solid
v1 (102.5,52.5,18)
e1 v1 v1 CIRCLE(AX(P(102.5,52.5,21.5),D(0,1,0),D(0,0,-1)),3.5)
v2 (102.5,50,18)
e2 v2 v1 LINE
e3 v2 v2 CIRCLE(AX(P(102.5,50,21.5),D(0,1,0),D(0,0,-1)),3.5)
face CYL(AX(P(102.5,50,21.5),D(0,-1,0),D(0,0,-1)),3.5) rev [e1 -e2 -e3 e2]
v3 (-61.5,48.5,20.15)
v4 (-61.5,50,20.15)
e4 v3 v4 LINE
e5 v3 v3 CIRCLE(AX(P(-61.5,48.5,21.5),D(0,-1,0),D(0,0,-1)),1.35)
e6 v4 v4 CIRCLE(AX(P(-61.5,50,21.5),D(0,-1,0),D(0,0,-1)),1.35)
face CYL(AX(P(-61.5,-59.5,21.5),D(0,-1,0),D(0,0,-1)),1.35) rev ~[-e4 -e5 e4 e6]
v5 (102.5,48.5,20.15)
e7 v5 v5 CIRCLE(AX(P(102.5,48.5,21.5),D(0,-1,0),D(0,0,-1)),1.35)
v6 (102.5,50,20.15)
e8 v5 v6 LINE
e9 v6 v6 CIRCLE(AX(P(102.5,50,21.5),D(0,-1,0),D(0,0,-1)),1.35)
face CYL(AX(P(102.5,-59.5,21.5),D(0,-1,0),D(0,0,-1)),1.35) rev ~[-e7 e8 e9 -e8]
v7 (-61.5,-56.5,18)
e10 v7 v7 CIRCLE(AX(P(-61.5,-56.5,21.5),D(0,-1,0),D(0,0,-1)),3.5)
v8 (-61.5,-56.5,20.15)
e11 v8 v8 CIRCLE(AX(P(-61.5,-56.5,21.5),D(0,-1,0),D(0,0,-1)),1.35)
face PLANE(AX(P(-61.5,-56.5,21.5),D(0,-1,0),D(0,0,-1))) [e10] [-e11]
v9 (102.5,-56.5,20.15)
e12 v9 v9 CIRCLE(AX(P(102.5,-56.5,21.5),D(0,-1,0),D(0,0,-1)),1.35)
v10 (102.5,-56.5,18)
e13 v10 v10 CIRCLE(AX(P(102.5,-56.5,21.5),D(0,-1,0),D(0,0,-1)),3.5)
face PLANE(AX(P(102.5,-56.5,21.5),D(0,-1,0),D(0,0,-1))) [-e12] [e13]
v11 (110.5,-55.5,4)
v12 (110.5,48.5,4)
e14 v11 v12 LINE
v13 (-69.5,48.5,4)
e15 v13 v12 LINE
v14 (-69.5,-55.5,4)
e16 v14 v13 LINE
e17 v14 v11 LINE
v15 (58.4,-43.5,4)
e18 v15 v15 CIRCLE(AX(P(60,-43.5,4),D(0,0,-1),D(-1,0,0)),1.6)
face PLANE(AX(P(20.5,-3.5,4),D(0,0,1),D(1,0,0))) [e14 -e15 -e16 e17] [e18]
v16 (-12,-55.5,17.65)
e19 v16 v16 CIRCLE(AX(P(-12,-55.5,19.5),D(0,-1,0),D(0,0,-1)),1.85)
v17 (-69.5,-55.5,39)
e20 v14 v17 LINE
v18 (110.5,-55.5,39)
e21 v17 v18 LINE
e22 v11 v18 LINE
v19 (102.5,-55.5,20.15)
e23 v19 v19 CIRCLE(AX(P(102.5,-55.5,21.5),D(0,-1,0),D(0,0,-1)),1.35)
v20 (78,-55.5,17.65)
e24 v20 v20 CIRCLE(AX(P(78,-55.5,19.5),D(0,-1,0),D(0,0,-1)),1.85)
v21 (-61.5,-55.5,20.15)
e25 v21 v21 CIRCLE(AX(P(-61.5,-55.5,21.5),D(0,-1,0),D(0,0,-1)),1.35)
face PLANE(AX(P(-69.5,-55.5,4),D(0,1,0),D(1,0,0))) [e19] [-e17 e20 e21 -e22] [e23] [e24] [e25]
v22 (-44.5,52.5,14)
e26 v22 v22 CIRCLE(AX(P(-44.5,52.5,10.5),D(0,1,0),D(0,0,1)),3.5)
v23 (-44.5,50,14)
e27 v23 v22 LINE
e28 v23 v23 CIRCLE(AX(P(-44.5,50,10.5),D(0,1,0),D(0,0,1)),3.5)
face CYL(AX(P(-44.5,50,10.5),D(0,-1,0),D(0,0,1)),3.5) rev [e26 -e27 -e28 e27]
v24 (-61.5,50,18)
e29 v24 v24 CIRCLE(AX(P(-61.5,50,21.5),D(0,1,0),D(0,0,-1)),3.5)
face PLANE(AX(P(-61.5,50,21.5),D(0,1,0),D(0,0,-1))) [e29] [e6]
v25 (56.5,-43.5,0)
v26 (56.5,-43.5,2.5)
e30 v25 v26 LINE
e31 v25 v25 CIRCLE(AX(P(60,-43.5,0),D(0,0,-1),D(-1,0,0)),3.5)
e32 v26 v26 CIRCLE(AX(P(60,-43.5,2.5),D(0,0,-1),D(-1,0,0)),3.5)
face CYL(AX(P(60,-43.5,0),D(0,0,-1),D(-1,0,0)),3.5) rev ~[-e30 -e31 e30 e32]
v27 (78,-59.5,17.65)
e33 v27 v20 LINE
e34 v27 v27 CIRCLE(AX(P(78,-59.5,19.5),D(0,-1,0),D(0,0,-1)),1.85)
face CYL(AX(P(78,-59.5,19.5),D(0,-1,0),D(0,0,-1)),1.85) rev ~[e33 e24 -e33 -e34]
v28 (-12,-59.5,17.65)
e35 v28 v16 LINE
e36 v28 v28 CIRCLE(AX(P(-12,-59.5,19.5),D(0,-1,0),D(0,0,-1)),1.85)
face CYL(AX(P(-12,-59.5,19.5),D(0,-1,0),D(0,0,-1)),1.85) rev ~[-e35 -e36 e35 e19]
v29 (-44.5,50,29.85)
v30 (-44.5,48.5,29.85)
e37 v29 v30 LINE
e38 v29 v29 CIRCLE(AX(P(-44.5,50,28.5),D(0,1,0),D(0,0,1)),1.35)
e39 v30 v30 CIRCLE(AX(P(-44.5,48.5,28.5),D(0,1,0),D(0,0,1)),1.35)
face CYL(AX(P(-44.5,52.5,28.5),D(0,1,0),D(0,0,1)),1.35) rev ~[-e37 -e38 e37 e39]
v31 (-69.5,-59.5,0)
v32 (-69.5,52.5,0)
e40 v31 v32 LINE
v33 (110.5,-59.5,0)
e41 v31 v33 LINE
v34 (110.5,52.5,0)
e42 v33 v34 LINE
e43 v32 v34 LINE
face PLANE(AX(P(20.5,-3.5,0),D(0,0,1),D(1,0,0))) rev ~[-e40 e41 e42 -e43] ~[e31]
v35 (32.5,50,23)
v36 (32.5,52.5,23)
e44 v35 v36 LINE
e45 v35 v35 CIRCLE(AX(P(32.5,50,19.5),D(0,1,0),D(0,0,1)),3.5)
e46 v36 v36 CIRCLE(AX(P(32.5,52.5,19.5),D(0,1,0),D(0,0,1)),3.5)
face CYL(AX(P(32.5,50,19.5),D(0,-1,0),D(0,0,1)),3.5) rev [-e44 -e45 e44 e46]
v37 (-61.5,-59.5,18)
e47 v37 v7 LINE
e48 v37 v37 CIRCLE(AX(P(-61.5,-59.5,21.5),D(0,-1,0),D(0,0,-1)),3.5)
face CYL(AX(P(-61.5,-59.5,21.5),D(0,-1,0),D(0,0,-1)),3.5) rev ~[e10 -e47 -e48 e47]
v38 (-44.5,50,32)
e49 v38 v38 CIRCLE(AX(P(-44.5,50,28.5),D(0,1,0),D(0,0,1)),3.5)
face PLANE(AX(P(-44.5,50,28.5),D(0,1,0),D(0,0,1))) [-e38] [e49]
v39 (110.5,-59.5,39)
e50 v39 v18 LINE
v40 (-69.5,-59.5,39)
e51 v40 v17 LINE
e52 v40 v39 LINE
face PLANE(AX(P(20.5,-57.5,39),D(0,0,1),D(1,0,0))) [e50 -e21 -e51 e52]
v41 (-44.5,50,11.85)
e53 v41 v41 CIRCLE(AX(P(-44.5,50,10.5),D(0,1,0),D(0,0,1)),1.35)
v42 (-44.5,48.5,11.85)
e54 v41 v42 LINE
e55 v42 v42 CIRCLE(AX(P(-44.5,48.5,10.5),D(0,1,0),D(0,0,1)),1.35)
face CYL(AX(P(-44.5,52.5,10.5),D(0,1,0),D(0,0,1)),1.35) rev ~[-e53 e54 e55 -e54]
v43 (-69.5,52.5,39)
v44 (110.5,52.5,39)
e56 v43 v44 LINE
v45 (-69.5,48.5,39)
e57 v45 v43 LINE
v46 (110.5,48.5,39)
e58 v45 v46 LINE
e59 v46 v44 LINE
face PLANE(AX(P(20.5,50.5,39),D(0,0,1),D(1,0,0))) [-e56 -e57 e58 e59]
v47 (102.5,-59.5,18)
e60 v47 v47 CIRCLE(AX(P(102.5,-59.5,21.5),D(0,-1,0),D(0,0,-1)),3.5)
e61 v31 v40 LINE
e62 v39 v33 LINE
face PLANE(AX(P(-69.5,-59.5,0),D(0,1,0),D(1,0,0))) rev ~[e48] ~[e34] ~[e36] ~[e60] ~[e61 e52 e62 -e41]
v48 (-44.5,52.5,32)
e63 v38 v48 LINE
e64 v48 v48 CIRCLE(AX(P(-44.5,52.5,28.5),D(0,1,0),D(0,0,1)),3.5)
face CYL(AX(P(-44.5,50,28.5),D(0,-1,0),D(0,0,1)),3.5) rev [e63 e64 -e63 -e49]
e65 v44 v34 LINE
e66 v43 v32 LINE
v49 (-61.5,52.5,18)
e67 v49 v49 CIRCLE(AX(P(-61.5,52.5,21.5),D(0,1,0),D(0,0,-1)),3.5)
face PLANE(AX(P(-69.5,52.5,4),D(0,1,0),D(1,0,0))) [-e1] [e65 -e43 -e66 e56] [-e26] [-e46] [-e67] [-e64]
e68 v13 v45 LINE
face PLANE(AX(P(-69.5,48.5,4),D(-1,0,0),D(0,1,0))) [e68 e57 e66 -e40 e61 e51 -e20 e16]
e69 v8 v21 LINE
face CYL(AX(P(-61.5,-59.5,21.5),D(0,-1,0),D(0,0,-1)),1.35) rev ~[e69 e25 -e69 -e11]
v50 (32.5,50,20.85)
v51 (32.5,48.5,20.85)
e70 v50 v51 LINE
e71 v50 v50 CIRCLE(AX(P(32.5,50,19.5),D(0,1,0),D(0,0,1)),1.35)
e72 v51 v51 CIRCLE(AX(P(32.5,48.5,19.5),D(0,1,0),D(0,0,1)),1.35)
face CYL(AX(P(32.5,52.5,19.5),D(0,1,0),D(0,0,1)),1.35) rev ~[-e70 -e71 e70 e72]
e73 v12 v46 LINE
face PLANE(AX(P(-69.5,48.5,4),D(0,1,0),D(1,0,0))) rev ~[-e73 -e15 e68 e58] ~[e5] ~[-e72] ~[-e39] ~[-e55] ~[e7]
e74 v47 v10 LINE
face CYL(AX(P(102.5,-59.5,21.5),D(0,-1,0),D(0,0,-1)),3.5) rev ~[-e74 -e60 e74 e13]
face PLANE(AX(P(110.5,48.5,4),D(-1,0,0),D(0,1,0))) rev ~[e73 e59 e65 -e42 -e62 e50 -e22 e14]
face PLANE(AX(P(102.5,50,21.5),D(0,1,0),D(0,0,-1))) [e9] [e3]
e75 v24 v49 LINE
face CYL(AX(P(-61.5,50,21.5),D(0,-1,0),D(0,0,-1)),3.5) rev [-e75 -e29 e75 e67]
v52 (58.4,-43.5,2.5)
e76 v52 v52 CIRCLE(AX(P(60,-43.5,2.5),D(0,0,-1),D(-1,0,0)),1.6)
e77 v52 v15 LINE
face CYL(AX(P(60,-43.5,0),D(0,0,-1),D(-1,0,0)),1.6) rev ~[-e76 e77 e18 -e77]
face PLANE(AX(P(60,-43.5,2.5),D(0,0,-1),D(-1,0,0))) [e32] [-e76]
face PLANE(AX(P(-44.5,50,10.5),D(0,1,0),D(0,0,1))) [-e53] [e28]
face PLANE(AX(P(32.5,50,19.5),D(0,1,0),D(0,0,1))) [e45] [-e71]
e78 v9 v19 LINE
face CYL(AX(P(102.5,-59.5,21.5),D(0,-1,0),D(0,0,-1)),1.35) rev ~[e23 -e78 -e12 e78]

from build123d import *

# Parameters (mm, degrees)
SKICA1_W                 = 180
SKICA1_H                 = 112
P_IDAT_VYSUNUT_M1_DEPTH  = 4
SKICA3_W                 = 180
SKICA3_H                 = 4
P_IDAT_VYSUNUT_M2_DEPTH  = 35
SKICA4_R                 = 1.35
ODEBRAT_VYSUNUT_M1_DEPTH = 4
ODEBRAT_VYSUNUT_M2_REACH = 164.096
SKICA6_R                 = 1.35
SKICA7_R                 = 3.5
ODEBRAT_VYSUNUT_M3_DEPTH = 3
SKICA8_R                 = 1.85
ODEBRAT_VYSUNUT_M4_DEPTH = 4
ODEBRAT_START            = -2.5
SKICA9_R                 = 3.5
ODEBRAT_VYSUNUT_M5_DEPTH = 2.5
SKICA10_R                = 1.6
ODEBRAT_VYSUNUT_M6_DEPTH = 4
SKICA11_R                = 3.5
ODEBRAT_VYSUNUT_M7_DEPTH = 2.5


with BuildPart() as part:
    # Skica1 → Přidat vysunutím1 (new body)
    with BuildSketch(Plane.XY):
        with Locations((20.5, -3.5)):
            Rectangle(SKICA1_W, SKICA1_H)
    extrude(amount=P_IDAT_VYSUNUT_M1_DEPTH)

    # Skica3 → Přidat vysunutím2 (add)
    with BuildSketch(Plane.XY.offset(4)):
        with Locations((20.5, 50.5)):
            Rectangle(SKICA3_W, SKICA3_H)
        with Locations((20.5, -57.5)):
            Rectangle(SKICA3_W, SKICA3_H)
    extrude(amount=P_IDAT_VYSUNUT_M2_DEPTH)

    # Skica4 → Odebrat vysunutím1 (cut)
    with BuildSketch(Plane(origin=(0, 52.5, 0), x_dir=(1, 0, 0), z_dir=(0, 1, 0))):
        with Locations(Location((32.5, -19.5, 0), (0, 0, 270))):
            Circle(SKICA4_R)
        with Locations(Location((-44.5, -10.5, 0), (0, 0, 270))):
            Circle(SKICA4_R)
        with Locations(Location((-44.5, -28.5, 0), (0, 0, 270))):
            Circle(SKICA4_R)
    extrude(amount=-ODEBRAT_VYSUNUT_M1_DEPTH, mode=Mode.SUBTRACT)

    # Odebrat vysunutím2: up to this face of the body (flat: up to its plane)
    odebrat_vysunut_m2_end = Plane(part.part.faces().sort_by_distance((20.596477546, 52.5, 19.5))[0])
    # Skica6 → Odebrat vysunutím2 (cut, up to the picked face)
    with BuildSketch(Plane.XZ.offset(59.5), mode=Mode.PRIVATE) as odebrat_vysunut_m2_sk1:
        with Locations(Location((102.5, 21.5, 0), (0, 0, 270))):
            Circle(SKICA6_R)
    odebrat_vysunut_m2_tool1 = split(extrude(odebrat_vysunut_m2_sk1.sketch, amount=-ODEBRAT_VYSUNUT_M2_REACH, mode=Mode.PRIVATE), bisect_by=odebrat_vysunut_m2_end, keep=Keep.BOTH, mode=Mode.PRIVATE)
    # Skica6 → Odebrat vysunutím2 (cut, up to the picked face)
    with BuildSketch(Plane.XZ.offset(59.5), mode=Mode.PRIVATE) as odebrat_vysunut_m2_sk2:
        with Locations(Location((-61.5, 21.5, 0), (0, 0, 270))):
            Circle(SKICA6_R)
    odebrat_vysunut_m2_tool2 = split(extrude(odebrat_vysunut_m2_sk2.sketch, amount=-ODEBRAT_VYSUNUT_M2_REACH, mode=Mode.PRIVATE), bisect_by=odebrat_vysunut_m2_end, keep=Keep.BOTH, mode=Mode.PRIVATE)
    add(odebrat_vysunut_m2_tool1.solids().sort_by(Axis((102.5, -59.5, 21.5), (0, 1, 0)))[0], mode=Mode.SUBTRACT)
    add(odebrat_vysunut_m2_tool2.solids().sort_by(Axis((-61.5, -59.5, 21.5), (0, 1, 0)))[0], mode=Mode.SUBTRACT)

    # Skica7 → Odebrat vysunutím3 (cut)
    with BuildSketch(Plane.XZ.offset(59.5)):
        with Locations(Location((-61.5, 21.5, 0), (0, 0, 270))):
            Circle(SKICA7_R)
        with Locations(Location((102.5, 21.5, 0), (0, 0, 270))):
            Circle(SKICA7_R)
    extrude(amount=-ODEBRAT_VYSUNUT_M3_DEPTH, mode=Mode.SUBTRACT)

    # Skica8 → Odebrat vysunutím4 (cut)
    with BuildSketch(Plane.XZ.offset(59.5)):
        with Locations(Location((-12, 19.5, 0), (0, 0, 270))):
            Circle(SKICA8_R)
        with Locations(Location((78, 19.5, 0), (0, 0, 270))):
            Circle(SKICA8_R)
    extrude(amount=-ODEBRAT_VYSUNUT_M4_DEPTH, mode=Mode.SUBTRACT)

    # Skica9 → Odebrat vysunutím5 (cut)
    with BuildSketch(Plane(origin=(0, 52.5, 0), x_dir=(1, 0, 0), z_dir=(0, 1, 0)).offset(ODEBRAT_START)):
        with Locations(Location((-61.5, -21.5, 0), (0, 0, 90))):
            Circle(SKICA9_R)
        with Locations(Location((-44.5, -10.5, 0), (0, 0, 270))):
            Circle(SKICA9_R)
        with Locations(Location((-44.5, -28.5, 0), (0, 0, 270))):
            Circle(SKICA9_R)
        with Locations(Location((32.5, -19.5, 0), (0, 0, 270))):
            Circle(SKICA9_R)
        with Locations(Location((102.5, -21.5, 0), (0, 0, 90))):
            Circle(SKICA9_R)
    extrude(amount=ODEBRAT_VYSUNUT_M5_DEPTH, mode=Mode.SUBTRACT)

    # Skica10 → Odebrat vysunutím6 (cut)
    with BuildSketch(Plane(origin=(0, 0, 0), x_dir=(-1, 0, 0), z_dir=(0, 0, -1))):
        with Locations((-60, -43.5)):
            Circle(SKICA10_R)
    extrude(amount=-ODEBRAT_VYSUNUT_M6_DEPTH, mode=Mode.SUBTRACT)

    # Skica11 → Odebrat vysunutím7 (cut)
    with BuildSketch(Plane(origin=(0, 0, 0), x_dir=(-1, 0, 0), z_dir=(0, 0, -1))):
        with Locations((-60, -43.5)):
            Circle(SKICA11_R)
    extrude(amount=-ODEBRAT_VYSUNUT_M7_DEPTH, mode=Mode.SUBTRACT)


solid = part.part
